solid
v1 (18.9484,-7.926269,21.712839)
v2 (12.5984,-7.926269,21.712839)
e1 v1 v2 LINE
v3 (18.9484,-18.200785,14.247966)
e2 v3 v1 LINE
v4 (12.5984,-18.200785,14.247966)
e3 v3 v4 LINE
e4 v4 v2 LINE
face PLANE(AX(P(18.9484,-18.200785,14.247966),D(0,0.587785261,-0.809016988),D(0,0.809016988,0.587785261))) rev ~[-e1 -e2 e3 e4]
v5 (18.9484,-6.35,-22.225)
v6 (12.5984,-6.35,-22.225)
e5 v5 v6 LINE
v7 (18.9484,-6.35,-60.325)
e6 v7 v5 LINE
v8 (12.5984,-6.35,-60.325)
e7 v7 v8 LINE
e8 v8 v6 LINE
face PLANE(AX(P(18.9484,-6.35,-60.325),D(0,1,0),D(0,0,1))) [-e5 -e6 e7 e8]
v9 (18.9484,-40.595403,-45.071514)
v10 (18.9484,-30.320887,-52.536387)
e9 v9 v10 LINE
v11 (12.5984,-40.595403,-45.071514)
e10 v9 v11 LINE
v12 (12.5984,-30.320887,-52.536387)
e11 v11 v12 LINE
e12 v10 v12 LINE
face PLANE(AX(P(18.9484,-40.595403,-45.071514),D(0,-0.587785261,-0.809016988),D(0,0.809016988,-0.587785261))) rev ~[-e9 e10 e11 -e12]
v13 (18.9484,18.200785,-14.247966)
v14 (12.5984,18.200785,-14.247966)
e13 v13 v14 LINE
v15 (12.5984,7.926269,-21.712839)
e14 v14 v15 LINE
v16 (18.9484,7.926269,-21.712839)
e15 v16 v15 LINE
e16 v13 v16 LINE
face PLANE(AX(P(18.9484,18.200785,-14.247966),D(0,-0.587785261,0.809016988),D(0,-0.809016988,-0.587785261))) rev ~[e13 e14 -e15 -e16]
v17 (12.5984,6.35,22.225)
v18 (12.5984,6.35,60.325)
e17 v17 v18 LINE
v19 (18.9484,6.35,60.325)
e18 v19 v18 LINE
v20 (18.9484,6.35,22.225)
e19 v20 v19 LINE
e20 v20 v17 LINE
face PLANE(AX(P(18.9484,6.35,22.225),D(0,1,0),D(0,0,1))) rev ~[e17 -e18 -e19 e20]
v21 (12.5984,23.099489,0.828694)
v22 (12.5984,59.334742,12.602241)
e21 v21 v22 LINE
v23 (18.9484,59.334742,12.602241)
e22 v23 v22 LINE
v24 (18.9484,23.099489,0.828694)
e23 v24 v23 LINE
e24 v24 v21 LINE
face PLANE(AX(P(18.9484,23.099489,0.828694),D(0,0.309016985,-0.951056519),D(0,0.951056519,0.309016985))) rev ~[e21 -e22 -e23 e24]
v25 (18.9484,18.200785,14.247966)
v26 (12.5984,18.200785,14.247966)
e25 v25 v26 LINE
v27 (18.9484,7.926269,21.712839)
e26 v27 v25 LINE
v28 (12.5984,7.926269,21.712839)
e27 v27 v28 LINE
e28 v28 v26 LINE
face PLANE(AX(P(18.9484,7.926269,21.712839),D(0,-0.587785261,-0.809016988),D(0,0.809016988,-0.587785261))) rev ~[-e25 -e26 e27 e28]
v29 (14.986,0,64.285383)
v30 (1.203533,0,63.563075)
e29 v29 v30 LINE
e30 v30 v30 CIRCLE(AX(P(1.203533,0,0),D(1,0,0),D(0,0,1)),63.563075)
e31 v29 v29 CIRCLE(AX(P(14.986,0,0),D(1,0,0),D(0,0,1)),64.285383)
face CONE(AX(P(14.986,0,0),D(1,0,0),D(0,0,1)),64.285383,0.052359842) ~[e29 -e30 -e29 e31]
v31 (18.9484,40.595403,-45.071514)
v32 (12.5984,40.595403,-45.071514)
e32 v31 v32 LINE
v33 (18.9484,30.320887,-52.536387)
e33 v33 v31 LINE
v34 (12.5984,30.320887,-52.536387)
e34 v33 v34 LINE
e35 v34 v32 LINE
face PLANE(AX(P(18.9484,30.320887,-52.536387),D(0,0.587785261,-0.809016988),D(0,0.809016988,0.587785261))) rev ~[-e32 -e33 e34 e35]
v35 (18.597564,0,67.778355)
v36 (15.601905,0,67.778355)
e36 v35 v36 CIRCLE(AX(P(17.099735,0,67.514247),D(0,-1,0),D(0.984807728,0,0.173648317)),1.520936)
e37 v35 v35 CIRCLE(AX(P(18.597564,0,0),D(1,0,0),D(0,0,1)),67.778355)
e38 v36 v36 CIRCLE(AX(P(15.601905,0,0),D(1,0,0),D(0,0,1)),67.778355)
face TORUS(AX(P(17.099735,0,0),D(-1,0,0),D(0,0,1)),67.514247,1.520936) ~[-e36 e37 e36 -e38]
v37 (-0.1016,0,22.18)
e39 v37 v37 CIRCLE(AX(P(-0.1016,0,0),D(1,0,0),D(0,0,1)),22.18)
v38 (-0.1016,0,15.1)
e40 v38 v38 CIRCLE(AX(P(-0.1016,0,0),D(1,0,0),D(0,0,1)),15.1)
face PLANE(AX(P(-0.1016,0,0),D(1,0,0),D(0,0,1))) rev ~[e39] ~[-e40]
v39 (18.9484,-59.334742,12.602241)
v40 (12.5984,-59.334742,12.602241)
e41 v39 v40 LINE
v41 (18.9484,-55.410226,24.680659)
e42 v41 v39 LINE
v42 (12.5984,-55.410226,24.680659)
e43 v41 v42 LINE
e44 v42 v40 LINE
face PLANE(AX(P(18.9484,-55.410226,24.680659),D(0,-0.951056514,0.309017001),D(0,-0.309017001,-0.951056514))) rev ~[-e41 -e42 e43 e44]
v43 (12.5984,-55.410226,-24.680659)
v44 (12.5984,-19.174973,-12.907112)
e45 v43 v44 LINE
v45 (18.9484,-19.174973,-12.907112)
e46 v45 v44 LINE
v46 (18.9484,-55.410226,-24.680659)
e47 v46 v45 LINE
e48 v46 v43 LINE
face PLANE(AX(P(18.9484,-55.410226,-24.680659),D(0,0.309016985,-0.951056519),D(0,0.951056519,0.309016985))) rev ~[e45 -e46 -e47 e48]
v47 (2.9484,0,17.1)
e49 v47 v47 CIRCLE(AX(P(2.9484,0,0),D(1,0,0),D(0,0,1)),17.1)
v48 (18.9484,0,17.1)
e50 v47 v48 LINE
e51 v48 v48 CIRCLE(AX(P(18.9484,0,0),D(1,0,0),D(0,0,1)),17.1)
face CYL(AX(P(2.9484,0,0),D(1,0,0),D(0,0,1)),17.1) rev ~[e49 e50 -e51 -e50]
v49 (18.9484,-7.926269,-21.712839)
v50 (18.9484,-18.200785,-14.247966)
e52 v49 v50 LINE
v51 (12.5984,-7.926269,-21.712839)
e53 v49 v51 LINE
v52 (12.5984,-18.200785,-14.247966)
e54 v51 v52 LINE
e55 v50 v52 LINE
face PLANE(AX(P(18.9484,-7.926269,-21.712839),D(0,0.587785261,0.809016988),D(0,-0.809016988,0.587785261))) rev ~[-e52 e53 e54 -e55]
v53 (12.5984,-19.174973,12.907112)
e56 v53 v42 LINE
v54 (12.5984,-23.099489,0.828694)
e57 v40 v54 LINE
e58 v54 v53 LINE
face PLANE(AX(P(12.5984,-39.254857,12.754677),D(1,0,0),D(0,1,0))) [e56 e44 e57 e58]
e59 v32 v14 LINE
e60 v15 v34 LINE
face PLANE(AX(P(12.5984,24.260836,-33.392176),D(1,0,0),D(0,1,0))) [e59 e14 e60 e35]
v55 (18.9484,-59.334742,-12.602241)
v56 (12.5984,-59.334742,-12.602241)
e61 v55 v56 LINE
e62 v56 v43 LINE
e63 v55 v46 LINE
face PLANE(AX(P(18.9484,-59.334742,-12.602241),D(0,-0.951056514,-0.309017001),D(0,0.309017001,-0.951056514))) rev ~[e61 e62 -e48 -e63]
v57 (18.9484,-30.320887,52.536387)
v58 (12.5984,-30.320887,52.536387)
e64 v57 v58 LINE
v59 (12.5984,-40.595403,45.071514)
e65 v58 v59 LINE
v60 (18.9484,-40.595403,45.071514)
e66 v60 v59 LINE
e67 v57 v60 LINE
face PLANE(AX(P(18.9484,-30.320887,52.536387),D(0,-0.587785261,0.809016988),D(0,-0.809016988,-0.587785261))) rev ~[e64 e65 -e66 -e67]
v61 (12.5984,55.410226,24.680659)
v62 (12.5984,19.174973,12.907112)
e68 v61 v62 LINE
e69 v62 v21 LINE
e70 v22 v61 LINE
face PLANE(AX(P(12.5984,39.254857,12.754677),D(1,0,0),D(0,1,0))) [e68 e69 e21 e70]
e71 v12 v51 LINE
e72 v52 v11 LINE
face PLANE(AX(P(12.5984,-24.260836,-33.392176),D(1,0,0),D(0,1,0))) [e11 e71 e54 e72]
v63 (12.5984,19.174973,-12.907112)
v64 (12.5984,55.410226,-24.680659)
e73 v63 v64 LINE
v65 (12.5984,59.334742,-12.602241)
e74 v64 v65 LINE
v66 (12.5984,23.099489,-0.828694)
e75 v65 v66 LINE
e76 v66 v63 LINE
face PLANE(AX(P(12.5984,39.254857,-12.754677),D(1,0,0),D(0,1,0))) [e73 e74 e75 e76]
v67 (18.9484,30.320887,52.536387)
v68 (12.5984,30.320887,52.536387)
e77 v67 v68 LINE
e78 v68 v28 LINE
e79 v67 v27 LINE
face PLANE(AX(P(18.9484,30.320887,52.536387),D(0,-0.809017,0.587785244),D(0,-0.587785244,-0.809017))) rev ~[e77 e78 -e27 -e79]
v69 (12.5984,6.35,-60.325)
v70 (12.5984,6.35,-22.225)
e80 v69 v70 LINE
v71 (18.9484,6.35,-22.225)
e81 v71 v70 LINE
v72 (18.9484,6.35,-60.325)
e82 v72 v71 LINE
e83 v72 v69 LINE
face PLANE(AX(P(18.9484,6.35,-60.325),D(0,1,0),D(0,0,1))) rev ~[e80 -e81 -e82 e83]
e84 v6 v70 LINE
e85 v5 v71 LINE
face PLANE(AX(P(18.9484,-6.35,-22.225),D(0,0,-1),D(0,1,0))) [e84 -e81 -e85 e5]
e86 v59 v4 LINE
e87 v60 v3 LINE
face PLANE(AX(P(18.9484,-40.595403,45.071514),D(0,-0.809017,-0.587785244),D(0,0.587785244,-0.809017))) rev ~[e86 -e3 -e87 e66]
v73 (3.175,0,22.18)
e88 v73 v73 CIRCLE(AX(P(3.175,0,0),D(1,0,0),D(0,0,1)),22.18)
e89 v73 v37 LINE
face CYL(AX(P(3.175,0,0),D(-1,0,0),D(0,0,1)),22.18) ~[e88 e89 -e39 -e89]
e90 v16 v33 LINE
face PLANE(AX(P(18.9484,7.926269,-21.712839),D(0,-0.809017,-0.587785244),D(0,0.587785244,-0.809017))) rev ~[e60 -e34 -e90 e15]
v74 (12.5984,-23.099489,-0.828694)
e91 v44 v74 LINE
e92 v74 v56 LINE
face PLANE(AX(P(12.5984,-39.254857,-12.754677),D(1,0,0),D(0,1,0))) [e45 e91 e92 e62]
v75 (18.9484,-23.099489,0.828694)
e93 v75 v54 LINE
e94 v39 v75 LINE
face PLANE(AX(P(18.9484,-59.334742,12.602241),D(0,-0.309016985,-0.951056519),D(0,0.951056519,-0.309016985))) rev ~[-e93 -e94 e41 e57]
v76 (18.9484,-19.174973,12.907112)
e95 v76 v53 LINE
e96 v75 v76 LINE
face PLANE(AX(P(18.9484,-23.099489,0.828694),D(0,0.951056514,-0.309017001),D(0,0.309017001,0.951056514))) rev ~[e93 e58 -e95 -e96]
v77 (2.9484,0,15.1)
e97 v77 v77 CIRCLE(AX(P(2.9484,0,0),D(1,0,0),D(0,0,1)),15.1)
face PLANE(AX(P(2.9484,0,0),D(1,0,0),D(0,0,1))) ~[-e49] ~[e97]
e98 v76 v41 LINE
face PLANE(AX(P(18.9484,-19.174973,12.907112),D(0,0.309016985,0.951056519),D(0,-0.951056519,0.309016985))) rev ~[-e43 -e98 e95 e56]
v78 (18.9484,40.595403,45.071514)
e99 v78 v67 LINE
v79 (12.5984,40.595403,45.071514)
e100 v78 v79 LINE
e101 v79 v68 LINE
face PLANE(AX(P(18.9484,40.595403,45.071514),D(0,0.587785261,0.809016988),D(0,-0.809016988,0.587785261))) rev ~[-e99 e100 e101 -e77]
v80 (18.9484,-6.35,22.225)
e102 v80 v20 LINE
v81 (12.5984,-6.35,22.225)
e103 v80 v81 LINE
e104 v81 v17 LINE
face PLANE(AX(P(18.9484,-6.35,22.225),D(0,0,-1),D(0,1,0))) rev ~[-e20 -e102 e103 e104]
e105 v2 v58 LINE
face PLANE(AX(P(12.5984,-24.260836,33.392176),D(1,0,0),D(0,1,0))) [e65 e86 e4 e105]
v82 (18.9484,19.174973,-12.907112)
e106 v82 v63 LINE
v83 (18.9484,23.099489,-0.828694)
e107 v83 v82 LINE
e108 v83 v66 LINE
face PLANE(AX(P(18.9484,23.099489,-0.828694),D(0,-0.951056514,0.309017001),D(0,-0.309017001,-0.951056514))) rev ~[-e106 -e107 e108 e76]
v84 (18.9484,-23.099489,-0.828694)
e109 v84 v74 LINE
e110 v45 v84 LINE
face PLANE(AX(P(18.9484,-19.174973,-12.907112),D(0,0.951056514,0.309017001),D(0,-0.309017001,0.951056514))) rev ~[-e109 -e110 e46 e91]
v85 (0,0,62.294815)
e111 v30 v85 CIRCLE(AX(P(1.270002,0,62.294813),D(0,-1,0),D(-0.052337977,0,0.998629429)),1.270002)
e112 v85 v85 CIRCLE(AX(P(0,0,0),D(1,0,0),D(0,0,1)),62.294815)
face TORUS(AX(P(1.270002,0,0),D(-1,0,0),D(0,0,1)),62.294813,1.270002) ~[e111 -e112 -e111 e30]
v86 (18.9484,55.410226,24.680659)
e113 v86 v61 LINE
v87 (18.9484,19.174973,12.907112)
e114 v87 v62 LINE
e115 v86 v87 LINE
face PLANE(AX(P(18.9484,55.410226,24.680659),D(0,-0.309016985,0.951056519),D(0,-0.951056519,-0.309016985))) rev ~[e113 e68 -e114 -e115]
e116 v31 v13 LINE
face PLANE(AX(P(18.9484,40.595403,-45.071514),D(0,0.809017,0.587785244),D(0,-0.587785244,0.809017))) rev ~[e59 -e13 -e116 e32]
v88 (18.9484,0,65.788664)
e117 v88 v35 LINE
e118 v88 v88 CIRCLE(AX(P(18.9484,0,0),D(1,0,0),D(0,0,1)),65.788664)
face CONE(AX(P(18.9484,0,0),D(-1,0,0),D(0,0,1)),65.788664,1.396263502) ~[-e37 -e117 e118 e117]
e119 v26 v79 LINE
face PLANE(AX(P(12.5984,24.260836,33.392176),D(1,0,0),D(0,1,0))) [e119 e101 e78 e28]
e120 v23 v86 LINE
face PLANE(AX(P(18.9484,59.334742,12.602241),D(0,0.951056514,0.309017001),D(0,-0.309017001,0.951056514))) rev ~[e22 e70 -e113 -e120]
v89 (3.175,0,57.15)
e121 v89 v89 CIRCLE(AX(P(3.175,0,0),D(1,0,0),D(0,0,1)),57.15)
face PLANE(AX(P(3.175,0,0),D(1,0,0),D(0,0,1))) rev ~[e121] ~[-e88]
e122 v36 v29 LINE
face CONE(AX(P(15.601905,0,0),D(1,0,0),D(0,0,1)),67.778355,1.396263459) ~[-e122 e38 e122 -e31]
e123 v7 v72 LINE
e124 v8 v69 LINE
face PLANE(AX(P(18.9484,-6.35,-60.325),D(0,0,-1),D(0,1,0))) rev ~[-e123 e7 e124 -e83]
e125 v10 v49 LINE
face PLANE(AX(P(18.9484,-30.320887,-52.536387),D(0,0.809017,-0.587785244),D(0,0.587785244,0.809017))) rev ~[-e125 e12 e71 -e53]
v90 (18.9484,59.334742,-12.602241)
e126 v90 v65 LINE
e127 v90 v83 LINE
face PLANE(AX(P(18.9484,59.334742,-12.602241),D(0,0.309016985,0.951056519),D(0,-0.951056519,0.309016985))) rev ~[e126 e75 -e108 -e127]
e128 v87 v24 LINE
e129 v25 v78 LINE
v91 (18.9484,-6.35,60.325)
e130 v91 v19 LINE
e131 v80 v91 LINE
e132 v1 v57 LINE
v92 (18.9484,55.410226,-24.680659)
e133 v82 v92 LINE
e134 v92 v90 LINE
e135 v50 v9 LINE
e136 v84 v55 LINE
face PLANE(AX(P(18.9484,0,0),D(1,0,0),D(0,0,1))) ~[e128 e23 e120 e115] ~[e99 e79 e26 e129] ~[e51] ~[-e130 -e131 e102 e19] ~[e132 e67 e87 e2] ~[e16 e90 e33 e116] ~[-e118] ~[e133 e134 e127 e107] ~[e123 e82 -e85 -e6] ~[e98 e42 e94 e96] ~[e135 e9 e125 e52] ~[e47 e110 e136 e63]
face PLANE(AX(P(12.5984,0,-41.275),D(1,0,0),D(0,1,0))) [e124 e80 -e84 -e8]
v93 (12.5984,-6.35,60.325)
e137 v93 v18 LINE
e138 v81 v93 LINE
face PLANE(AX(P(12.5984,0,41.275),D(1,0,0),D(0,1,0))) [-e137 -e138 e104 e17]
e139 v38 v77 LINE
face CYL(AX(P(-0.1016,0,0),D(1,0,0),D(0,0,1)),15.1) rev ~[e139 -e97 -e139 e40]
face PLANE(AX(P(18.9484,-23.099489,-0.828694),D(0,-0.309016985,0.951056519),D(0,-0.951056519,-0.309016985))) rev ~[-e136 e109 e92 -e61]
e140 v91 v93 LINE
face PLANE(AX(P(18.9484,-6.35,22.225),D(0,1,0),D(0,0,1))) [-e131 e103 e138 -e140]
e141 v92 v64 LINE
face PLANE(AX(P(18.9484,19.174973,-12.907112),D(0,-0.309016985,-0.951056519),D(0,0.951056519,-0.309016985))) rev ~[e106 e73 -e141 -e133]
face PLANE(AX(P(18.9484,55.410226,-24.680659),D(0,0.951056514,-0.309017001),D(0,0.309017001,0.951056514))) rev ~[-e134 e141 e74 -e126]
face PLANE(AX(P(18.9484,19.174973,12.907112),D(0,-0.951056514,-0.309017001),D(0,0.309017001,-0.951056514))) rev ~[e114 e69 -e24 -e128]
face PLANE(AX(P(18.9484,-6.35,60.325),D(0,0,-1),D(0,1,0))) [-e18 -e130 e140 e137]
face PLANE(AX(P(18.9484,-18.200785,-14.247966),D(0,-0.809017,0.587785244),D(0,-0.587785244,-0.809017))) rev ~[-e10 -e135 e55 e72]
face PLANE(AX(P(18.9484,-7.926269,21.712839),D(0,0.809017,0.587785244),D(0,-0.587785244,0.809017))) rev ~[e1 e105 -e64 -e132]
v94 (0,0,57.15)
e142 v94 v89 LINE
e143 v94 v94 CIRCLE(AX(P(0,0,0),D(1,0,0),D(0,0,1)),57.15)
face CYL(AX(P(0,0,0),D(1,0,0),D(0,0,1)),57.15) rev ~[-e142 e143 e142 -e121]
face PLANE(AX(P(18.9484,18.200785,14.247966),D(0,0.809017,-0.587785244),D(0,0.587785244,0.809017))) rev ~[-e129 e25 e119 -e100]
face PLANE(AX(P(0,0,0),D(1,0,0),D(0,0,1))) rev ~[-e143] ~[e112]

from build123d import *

# Parameters (mm, degrees)
F2_W     = 12.7
F2_H     = 38.1
F3_DEPTH = 6.35


with BuildPart() as f1:
    # F0 (on Front) → F1 (revolve)
    with BuildSketch(Plane.XZ):
        with BuildLine():
            Line((2.9484, 17.1), (18.9484, 17.1))
            Line((18.9484, 17.1), (18.9484, 65.788664))
            Line((18.9484, 65.788664), (18.597564, 67.778355))
            ThreePointArc((18.597564, 67.778355), (17.099734, 69.035183), (15.601905, 67.778355))
            Line((15.601905, 67.778355), (14.986, 64.285383))
            Line((14.986, 64.285383), (1.203533, 63.563075))
            ThreePointArc((1.203533, 63.563075), (0.348775, 63.169025), (0, 62.294815))
            Line((0, 62.294815), (0, 57.15))
            Line((0, 57.15), (3.175, 57.15))
            Line((3.175, 57.15), (3.175, 22.18))
            Line((3.175, 22.18), (-0.1016, 22.18))
            Line((-0.1016, 22.18), (-0.1016, 17.1))
            Line((-0.1016, 17.1), (-0.1016, 15.1))
            Line((-0.1016, 15.1), (2.9484, 15.1))
            Line((2.9484, 15.1), (2.9484, 17.1))
        make_face()
    revolve(axis=Axis((1.729923, 0, 0), (1, 0, 0)))

    # F2 (on face) → F3 (cut)
    with BuildSketch(Plane.YZ.offset(18.9484)):
        with Locations((0, 41.275)):
            Rectangle(F2_W, F2_H)
        Polygon((-40.595403, 45.071514), (-18.200785, 14.247966), (-7.926269, 21.712839), (-30.320887, 52.536387), align=None)
        Polygon((-59.334742, 12.602241), (-23.099489, 0.828694), (-19.174973, 12.907112), (-55.410226, 24.680659), align=None)
        Polygon((-55.410226, -24.680659), (-19.174973, -12.907112), (-23.099489, -0.828694), (-59.334742, -12.602241), align=None)
        Polygon((-30.320887, -52.536387), (-7.926269, -21.712839), (-18.200785, -14.247966), (-40.595403, -45.071514), align=None)
        with Locations((0, -41.275)):
            Rectangle(F2_W, F2_H)
        Polygon((40.595403, -45.071514), (18.200785, -14.247966), (7.926269, -21.712839), (30.320887, -52.536387), align=None)
        Polygon((59.334742, -12.602241), (23.099489, -0.828694), (19.174973, -12.907112), (55.410226, -24.680659), align=None)
        Polygon((55.410226, 24.680659), (19.174973, 12.907112), (23.099489, 0.828694), (59.334742, 12.602241), align=None)
        Polygon((30.320887, 52.536387), (7.926269, 21.712839), (18.200785, 14.247966), (40.595403, 45.071514), align=None)
    extrude(amount=-F3_DEPTH, mode=Mode.SUBTRACT)


solid = f1.part
